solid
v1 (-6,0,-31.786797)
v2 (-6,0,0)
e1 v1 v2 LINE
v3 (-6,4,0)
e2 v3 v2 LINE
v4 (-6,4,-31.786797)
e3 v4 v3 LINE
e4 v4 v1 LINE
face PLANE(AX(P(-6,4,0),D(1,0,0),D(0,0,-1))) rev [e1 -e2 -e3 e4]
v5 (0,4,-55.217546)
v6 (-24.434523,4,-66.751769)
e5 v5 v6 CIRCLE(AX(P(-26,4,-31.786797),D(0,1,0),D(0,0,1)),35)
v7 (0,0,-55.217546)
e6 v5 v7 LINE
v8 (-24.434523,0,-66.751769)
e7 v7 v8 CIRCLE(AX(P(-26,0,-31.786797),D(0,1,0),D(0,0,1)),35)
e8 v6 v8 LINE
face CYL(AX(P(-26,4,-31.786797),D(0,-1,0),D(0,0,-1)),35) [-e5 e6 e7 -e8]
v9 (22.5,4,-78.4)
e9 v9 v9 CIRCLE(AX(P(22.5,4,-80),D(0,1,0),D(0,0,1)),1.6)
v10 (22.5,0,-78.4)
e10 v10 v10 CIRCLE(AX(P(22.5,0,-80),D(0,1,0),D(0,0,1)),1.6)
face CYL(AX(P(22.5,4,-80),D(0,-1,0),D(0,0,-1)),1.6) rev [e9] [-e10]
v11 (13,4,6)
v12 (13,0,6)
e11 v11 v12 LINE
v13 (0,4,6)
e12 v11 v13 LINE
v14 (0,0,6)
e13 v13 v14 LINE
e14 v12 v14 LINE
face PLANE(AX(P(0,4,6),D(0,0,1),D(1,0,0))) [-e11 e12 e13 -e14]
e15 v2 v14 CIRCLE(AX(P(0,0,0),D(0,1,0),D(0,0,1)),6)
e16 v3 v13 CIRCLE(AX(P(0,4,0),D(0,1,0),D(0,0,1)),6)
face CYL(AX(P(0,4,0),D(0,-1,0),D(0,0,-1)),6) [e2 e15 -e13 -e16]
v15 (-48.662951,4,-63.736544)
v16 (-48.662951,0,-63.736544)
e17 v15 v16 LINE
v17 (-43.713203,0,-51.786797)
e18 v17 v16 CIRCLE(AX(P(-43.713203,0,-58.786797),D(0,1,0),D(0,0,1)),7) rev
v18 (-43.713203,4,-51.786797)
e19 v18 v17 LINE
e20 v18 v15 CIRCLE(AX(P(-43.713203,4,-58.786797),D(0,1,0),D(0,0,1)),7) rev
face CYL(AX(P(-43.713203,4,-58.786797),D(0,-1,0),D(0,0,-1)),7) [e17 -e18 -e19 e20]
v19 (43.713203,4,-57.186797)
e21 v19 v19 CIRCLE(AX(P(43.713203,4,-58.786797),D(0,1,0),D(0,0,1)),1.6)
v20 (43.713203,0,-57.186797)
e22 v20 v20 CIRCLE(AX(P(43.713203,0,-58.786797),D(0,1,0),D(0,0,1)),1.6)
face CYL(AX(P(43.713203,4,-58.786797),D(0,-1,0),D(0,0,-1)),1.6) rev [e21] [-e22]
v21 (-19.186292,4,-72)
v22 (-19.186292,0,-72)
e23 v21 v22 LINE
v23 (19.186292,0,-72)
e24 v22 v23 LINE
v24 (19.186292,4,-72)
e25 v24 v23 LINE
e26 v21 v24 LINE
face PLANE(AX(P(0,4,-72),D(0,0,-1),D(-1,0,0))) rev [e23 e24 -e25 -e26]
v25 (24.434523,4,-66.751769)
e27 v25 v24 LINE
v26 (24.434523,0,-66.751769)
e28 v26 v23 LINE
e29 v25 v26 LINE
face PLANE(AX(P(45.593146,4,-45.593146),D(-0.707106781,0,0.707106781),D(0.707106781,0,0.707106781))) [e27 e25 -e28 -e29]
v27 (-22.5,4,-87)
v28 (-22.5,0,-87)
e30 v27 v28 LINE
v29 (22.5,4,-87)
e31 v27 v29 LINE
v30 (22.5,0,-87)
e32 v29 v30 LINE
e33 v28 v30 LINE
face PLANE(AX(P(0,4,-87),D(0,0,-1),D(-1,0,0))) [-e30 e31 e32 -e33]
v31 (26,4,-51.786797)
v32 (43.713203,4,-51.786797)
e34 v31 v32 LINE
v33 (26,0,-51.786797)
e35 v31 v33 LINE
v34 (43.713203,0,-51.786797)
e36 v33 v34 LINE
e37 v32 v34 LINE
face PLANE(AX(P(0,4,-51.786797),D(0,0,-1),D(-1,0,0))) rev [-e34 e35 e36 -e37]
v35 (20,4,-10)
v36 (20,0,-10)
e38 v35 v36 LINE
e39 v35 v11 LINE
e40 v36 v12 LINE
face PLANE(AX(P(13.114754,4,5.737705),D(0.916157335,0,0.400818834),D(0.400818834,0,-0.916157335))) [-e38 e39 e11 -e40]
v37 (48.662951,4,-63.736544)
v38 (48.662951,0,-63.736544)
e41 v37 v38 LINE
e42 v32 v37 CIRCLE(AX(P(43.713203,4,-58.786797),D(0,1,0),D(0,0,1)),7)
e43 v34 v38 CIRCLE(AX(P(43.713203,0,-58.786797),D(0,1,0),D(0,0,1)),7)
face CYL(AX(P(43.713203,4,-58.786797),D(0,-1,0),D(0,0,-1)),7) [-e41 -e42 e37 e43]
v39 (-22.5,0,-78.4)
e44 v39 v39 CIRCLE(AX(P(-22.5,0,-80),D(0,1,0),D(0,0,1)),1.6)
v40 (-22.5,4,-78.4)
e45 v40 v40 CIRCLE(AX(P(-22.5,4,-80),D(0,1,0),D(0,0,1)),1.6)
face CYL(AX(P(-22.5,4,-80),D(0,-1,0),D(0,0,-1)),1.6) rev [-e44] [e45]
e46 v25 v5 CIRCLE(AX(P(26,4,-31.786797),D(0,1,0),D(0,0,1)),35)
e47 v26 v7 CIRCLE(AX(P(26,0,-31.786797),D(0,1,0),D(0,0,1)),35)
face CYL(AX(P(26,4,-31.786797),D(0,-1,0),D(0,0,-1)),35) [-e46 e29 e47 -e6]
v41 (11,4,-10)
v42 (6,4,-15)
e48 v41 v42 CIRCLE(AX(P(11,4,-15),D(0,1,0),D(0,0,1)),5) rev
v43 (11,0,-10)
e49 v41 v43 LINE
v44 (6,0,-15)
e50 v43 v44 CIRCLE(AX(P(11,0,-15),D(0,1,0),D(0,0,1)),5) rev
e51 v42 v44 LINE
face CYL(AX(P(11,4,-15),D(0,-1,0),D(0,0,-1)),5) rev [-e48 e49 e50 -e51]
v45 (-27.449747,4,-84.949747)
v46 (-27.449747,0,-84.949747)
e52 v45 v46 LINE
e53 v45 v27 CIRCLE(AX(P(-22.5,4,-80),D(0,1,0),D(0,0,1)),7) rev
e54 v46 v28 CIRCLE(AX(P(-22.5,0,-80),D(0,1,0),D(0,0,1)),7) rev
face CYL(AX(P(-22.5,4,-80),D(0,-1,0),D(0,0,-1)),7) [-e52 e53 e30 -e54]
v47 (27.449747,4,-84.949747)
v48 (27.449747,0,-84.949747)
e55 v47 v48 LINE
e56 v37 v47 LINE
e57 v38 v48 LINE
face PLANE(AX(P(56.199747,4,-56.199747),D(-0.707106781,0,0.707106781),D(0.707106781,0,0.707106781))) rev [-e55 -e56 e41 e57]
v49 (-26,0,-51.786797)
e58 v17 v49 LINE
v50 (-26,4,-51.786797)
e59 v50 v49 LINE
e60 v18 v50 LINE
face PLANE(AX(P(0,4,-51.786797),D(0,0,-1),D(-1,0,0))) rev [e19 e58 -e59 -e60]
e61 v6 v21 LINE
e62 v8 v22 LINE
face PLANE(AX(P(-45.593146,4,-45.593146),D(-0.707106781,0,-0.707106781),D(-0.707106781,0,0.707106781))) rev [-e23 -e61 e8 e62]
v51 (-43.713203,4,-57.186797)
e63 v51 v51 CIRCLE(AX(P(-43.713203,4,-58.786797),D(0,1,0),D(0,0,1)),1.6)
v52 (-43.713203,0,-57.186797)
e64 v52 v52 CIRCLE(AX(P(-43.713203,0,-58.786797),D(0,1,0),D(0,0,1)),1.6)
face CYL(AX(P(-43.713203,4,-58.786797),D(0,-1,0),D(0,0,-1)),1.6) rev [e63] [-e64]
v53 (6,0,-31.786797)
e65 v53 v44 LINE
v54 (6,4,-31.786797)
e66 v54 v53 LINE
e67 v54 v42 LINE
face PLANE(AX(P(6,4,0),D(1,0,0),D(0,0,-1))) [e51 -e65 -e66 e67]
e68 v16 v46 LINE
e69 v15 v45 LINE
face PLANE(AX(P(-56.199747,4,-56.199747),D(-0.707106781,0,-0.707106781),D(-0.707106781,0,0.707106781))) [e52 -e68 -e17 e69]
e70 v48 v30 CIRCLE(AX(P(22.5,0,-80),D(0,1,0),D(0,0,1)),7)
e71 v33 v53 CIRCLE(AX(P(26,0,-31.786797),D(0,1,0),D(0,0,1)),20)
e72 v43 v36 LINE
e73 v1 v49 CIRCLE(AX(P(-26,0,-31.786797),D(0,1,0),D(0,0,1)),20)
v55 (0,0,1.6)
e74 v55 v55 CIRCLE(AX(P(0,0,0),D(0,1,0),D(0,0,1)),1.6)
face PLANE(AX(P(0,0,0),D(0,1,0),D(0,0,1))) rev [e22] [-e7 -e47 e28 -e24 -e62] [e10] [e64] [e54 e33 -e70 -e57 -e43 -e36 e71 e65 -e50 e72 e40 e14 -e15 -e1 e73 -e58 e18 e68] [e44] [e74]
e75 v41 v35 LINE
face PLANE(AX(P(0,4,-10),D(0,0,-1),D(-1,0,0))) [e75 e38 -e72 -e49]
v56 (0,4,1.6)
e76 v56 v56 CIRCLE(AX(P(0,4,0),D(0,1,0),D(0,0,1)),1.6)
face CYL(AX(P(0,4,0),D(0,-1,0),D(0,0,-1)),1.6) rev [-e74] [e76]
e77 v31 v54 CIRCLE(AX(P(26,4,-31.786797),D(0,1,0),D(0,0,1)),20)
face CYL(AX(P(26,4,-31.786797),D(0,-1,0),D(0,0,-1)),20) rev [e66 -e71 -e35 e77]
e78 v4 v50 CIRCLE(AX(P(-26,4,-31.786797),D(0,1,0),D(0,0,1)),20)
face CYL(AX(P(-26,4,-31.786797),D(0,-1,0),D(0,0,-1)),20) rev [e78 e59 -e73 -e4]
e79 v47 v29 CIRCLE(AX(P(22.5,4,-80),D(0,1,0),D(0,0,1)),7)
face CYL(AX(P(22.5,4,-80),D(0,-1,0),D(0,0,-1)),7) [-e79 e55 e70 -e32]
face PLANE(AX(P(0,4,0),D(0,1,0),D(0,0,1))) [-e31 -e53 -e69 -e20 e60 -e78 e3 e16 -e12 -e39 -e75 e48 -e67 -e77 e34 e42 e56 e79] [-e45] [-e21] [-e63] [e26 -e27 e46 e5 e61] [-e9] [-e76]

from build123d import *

# Parameters (mm, degrees)
SKETCH1_R           = 3
SKETCH1_R_2         = 1.6
BOSS_EXTRUDE1_DEPTH = 4


with BuildPart() as part:
    # Sketch1 → Boss-Extrude1 (new body)
    with BuildSketch(Plane(origin=(0, 0, 0), x_dir=(1, 0, 0), z_dir=(0, 1, 0))):
        with BuildLine():
            Line((11, 10), (20, 10))
            Line((20, 10), (13, -6))
            Line((13, -6), (0, -6))
            ThreePointArc((0, -6), (-4.242640687, -4.242640687), (-6, 0))
            Line((-6, 0), (-6, 31.786796564))
            ThreePointArc((-6, 31.786796564), (-11.857864376, 45.928932188), (-26, 51.786796564))
            Line((-26, 51.786796564), (-43.713203436, 51.786796564))
            ThreePointArc((-43.713203436, 51.786796564), (-50.180360163, 56.108012538), (-48.662950904, 63.736544033))
            Line((-48.662950904, 63.736544033), (-27.449747468, 84.949747468))
            ThreePointArc((-27.449747468, 84.949747468), (-25.178784027, 86.467156728), (-22.5, 87))
            Line((-22.5, 87), (22.5, 87))
            ThreePointArc((22.5, 87), (25.178784027, 86.467156728), (27.449747468, 84.949747468))
            Line((27.449747468, 84.949747468), (48.662950904, 63.736544033))
            ThreePointArc((48.662950904, 63.736544033), (50.180360163, 56.108012538), (43.713203436, 51.786796564))
            Line((43.713203436, 51.786796564), (26, 51.786796564))
            ThreePointArc((26, 51.786796564), (11.857864376, 45.928932188), (6, 31.786796564))
            Line((6, 31.786796564), (6, 15))
            ThreePointArc((6, 15), (7.464466094, 11.464466094), (11, 10))
        make_face()
        with Locations((-22.5, 80)):
            Circle(SKETCH1_R, mode=Mode.SUBTRACT)
        with Locations((22.5, 80)):
            Circle(SKETCH1_R, mode=Mode.SUBTRACT)
        Circle(SKETCH1_R, mode=Mode.SUBTRACT)
        with Locations((-43.713203436, 58.786796564)):
            Circle(SKETCH1_R, mode=Mode.SUBTRACT)
        with Locations((43.713203436, 58.786796564)):
            Circle(SKETCH1_R, mode=Mode.SUBTRACT)
        with BuildLine():
            ThreePointArc((24.434522737, 66.751768764), (11.059335348, 63.437650262), (0, 55.217545592))
            ThreePointArc((0, 55.217545592), (-11.059335348, 63.437650262), (-24.434522737, 66.751768764))
            Line((-24.434522737, 66.751768764), (-19.186291501, 72))
            Line((-19.186291501, 72), (19.186291501, 72))
            Line((19.186291501, 72), (24.434522737, 66.751768764))
        make_face(mode=Mode.SUBTRACT)
        Circle(SKETCH1_R)
        with Locations(Location((0, 0, 0), (0, 0, 270))):
            Circle(SKETCH1_R_2, mode=Mode.SUBTRACT)
        with Locations((43.713203436, 58.786796564)):
            Circle(SKETCH1_R)
        with Locations(Location((43.713203436, 58.786796564, 0), (0, 0, 270))):
            Circle(SKETCH1_R_2, mode=Mode.SUBTRACT)
        with Locations((22.5, 80)):
            Circle(SKETCH1_R)
        with Locations(Location((22.5, 80, 0), (0, 0, 270))):
            Circle(SKETCH1_R_2, mode=Mode.SUBTRACT)
        with Locations((-22.5, 80)):
            Circle(SKETCH1_R)
        with Locations(Location((-22.5, 80, 0), (0, 0, 270))):
            Circle(SKETCH1_R_2, mode=Mode.SUBTRACT)
        with Locations((-43.713203436, 58.786796564)):
            Circle(SKETCH1_R)
        with Locations(Location((-43.713203436, 58.786796564, 0), (0, 0, 270))):
            Circle(SKETCH1_R_2, mode=Mode.SUBTRACT)
    extrude(amount=BOSS_EXTRUDE1_DEPTH)


solid = part.part
